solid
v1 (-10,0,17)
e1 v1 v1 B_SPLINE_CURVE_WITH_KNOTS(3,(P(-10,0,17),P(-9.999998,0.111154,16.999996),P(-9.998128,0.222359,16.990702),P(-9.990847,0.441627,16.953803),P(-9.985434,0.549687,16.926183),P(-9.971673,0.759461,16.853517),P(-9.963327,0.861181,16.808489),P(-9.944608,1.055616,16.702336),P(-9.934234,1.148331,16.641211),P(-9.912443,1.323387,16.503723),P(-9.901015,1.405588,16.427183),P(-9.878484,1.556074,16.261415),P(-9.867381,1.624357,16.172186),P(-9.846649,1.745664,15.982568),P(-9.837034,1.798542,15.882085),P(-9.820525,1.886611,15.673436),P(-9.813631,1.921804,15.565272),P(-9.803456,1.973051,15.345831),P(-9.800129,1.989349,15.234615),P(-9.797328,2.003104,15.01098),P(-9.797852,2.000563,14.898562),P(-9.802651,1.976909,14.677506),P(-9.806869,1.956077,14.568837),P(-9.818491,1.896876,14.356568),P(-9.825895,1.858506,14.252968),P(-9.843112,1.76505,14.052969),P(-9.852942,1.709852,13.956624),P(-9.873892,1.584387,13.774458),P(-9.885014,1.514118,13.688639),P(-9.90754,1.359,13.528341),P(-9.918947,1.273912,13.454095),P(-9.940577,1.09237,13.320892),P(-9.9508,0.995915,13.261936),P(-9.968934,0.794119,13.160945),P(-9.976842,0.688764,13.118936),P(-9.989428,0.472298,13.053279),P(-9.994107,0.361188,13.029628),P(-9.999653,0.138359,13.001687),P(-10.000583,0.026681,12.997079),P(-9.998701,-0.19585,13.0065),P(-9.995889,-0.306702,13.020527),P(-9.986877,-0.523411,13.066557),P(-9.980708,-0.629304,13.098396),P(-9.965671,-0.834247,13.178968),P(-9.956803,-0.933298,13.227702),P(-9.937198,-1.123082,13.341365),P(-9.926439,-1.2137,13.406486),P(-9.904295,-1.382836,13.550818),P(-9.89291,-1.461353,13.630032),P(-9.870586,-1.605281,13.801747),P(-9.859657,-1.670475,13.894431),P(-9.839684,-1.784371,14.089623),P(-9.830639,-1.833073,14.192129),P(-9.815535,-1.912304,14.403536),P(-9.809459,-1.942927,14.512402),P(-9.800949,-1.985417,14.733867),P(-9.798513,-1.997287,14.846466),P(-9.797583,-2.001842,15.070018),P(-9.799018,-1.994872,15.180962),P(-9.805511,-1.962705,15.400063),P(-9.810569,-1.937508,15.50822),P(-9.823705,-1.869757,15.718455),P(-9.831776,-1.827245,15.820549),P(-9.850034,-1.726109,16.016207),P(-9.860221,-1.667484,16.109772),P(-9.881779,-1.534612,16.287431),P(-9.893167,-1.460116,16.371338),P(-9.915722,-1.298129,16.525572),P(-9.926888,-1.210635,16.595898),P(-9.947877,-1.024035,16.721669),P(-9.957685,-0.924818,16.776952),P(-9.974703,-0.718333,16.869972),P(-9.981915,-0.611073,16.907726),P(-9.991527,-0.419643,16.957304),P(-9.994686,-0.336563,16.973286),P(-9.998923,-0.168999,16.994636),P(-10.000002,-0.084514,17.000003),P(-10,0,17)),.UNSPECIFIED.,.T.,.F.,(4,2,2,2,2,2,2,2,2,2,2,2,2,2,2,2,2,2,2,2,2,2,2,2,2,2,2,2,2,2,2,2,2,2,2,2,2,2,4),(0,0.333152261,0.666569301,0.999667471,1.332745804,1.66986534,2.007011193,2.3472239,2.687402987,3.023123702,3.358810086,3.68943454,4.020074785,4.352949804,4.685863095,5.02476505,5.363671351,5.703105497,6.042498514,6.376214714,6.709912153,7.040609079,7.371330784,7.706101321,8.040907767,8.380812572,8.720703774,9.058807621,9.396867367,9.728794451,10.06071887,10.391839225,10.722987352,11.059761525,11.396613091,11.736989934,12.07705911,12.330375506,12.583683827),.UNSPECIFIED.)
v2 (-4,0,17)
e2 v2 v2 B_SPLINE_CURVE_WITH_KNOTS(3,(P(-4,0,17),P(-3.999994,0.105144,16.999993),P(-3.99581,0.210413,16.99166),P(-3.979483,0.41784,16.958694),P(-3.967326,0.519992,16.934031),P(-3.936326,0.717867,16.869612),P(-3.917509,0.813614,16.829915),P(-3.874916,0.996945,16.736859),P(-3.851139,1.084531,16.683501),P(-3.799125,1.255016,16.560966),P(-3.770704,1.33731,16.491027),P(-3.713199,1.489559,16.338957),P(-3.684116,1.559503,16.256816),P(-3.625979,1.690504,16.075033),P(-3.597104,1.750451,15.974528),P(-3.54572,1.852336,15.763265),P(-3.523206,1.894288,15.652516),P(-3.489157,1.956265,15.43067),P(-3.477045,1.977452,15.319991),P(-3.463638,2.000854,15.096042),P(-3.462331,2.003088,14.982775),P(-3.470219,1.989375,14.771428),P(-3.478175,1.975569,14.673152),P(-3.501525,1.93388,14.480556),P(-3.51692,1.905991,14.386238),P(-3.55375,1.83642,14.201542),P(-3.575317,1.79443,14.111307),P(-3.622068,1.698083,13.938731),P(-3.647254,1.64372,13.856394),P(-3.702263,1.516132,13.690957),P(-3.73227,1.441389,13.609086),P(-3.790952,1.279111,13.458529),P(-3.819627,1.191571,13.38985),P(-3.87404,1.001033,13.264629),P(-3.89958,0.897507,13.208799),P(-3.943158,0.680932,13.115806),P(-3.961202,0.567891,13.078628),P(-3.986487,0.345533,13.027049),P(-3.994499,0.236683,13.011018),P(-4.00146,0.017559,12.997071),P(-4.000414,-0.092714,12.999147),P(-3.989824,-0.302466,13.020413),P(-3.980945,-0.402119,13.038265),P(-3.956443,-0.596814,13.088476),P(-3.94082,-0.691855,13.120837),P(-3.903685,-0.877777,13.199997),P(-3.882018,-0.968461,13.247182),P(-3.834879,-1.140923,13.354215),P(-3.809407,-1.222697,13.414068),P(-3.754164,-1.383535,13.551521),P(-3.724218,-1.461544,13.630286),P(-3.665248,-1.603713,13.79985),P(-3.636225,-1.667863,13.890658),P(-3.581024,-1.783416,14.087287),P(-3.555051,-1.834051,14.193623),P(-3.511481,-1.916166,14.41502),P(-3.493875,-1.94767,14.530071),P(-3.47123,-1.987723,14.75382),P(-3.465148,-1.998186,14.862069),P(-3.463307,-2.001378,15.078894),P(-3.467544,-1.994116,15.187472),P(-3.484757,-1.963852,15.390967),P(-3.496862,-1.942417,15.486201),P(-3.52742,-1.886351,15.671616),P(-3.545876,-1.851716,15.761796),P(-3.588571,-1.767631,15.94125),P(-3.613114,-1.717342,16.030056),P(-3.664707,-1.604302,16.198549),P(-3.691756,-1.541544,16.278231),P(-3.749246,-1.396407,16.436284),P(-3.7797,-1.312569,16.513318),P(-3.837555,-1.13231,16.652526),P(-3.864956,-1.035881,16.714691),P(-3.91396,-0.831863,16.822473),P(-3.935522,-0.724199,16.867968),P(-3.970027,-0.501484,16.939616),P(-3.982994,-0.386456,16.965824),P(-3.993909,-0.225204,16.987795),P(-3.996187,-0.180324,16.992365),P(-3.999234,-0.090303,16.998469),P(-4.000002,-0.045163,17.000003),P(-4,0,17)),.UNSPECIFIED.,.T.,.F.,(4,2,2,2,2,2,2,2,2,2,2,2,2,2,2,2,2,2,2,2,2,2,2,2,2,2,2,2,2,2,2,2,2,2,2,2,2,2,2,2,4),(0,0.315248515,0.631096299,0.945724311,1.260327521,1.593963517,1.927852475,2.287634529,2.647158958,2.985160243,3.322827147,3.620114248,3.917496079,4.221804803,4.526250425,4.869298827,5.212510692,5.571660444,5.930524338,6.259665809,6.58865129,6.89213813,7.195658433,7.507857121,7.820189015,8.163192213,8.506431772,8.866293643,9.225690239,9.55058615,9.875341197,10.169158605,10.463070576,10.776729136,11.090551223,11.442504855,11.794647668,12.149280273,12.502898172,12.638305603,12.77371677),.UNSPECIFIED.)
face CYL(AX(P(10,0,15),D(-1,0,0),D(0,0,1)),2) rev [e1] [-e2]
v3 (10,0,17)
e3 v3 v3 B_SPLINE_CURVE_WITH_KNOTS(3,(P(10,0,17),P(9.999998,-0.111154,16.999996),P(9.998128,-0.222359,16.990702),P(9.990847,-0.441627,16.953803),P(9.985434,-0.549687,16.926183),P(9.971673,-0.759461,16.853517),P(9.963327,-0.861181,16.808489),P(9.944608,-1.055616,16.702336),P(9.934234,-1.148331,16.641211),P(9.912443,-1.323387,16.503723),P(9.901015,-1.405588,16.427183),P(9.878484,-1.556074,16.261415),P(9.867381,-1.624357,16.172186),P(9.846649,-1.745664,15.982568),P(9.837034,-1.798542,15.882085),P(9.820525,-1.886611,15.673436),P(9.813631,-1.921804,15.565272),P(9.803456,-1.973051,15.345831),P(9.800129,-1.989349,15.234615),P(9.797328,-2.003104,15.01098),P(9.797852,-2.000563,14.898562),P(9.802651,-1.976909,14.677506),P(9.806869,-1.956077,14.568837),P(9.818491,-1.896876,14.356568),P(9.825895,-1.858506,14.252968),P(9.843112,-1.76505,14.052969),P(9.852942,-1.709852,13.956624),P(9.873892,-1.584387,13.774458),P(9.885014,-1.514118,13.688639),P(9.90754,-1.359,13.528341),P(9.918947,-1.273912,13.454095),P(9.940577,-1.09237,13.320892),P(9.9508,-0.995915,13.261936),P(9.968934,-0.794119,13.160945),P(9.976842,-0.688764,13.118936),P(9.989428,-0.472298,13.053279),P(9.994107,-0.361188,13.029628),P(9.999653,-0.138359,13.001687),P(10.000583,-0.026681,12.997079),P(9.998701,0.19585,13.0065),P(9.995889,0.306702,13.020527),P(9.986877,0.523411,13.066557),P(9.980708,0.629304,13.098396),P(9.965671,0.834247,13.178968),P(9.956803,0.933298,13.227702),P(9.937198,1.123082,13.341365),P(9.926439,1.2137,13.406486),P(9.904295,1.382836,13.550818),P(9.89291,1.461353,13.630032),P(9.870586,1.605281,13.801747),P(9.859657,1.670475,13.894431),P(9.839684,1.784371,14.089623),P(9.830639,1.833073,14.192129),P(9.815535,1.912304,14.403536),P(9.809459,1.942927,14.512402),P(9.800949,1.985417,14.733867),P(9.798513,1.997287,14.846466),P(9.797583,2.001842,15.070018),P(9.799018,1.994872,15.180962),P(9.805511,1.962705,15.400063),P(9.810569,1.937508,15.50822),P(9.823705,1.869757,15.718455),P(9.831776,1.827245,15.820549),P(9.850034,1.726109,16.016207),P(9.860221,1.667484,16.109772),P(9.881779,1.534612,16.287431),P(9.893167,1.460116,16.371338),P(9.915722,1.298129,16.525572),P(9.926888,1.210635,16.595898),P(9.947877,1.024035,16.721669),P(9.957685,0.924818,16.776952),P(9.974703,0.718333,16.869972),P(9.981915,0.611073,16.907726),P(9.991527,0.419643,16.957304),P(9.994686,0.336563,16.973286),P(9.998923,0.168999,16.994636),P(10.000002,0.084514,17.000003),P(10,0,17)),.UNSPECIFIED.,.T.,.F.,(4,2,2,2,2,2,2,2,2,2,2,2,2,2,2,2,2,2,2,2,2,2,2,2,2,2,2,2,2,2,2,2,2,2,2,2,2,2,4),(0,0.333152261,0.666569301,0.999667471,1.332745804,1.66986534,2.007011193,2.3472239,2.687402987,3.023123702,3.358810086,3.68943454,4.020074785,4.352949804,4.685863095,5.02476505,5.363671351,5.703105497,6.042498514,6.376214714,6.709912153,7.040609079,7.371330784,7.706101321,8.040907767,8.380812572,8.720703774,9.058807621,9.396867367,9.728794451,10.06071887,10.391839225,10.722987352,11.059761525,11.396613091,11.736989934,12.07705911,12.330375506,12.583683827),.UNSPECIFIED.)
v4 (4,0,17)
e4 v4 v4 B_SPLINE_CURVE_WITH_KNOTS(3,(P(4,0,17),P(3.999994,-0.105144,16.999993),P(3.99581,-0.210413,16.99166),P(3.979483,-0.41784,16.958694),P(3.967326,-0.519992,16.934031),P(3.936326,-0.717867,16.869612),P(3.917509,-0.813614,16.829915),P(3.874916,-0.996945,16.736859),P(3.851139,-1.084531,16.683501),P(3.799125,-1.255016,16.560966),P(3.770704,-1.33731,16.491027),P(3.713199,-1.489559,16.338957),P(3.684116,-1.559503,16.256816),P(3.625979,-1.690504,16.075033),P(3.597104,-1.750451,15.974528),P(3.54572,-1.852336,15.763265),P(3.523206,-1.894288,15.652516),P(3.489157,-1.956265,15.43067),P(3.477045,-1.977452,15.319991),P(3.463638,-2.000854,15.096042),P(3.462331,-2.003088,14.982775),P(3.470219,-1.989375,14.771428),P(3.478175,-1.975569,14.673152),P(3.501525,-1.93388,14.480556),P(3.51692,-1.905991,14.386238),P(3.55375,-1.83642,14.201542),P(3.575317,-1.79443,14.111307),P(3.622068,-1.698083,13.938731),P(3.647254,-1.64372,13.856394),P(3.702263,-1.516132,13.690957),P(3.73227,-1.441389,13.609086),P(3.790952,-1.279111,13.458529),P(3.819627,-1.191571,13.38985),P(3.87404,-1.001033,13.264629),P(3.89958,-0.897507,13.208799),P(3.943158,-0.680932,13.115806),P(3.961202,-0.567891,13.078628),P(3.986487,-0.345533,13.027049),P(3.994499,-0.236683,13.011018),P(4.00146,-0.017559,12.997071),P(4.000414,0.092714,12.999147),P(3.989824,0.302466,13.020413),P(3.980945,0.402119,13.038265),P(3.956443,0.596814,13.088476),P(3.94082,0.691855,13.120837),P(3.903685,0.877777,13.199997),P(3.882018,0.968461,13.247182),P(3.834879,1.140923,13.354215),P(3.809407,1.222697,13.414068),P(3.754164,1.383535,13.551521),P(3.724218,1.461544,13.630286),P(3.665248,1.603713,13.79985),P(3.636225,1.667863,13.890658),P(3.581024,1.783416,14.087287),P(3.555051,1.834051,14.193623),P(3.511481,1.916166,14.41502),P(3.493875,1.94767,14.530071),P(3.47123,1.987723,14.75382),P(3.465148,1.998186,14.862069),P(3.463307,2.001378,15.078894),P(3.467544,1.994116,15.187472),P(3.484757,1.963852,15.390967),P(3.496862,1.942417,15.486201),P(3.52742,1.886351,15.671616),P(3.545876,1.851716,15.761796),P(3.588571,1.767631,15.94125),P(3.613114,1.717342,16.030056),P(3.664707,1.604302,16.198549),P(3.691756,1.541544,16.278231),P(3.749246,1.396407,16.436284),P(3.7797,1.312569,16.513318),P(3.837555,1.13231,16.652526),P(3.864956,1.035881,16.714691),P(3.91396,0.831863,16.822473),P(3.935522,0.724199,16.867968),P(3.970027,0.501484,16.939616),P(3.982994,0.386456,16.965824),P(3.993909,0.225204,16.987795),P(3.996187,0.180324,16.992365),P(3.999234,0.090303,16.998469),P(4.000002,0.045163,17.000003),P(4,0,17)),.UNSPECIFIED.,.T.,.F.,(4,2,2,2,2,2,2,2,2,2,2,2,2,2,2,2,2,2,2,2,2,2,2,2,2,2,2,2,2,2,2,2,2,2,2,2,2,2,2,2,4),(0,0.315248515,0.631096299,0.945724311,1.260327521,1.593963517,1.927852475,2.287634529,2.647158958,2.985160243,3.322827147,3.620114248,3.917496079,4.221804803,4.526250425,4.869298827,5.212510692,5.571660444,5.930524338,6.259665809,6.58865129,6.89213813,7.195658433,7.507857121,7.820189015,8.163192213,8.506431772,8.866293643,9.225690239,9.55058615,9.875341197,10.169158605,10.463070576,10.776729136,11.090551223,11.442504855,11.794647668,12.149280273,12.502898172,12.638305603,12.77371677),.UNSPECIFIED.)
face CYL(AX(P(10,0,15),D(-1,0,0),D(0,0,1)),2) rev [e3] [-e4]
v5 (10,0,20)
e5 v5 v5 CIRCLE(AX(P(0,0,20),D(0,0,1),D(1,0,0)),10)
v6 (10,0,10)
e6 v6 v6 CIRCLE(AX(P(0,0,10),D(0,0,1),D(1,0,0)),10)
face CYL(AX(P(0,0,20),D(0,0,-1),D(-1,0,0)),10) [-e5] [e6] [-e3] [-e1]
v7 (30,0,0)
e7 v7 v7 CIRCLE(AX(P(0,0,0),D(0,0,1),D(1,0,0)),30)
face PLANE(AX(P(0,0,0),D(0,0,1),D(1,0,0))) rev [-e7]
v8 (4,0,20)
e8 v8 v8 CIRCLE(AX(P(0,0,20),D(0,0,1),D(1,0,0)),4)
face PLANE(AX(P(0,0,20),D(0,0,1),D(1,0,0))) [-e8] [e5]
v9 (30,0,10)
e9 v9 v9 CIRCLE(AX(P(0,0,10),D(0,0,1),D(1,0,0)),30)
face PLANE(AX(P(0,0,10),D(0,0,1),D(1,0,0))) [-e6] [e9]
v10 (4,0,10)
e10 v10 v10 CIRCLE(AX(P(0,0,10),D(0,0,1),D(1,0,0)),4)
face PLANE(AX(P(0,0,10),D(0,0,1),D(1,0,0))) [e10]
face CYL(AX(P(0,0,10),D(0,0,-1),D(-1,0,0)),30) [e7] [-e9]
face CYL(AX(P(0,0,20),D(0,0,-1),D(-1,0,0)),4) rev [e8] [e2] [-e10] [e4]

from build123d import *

# Parameters (mm, degrees)
SKETCH1_R               = 30
BOSS_EXTRUDE1_DEPTH     = 10
SKETCH2_R               = 10
SKETCH2_R_2             = 4
BOSS_EXTRUDE2_DEPTH     = 10
CUT_EXTRUDE1_DEPTH      = 10
CUT_EXTRUDE1_DEPTH_BACK = 10
SKETCH3_R               = 2


with BuildPart() as part:
    # Sketch1 → Boss-Extrude1 (new body)
    with BuildSketch(Plane.XY):
        Circle(SKETCH1_R)
    extrude(amount=BOSS_EXTRUDE1_DEPTH)

    # Sketch2 → Boss-Extrude2 (add)
    with BuildSketch(Plane.XY.offset(10)):
        Circle(SKETCH2_R)
        Circle(SKETCH2_R_2, mode=Mode.SUBTRACT)
    extrude(amount=BOSS_EXTRUDE2_DEPTH)

    # Sketch3 → Cut-Extrude1 (cut, two sides: drawn at the far end of the back side and taken through both)
    with BuildSketch(Plane(origin=(0, 0, 0), x_dir=(0, 0, -1), z_dir=(1, 0, 0)).offset(-CUT_EXTRUDE1_DEPTH_BACK)):
        with Locations((-15, 0)):
            Circle(SKETCH3_R)
    extrude(amount=CUT_EXTRUDE1_DEPTH + CUT_EXTRUDE1_DEPTH_BACK, mode=Mode.SUBTRACT)


solid = part.part
